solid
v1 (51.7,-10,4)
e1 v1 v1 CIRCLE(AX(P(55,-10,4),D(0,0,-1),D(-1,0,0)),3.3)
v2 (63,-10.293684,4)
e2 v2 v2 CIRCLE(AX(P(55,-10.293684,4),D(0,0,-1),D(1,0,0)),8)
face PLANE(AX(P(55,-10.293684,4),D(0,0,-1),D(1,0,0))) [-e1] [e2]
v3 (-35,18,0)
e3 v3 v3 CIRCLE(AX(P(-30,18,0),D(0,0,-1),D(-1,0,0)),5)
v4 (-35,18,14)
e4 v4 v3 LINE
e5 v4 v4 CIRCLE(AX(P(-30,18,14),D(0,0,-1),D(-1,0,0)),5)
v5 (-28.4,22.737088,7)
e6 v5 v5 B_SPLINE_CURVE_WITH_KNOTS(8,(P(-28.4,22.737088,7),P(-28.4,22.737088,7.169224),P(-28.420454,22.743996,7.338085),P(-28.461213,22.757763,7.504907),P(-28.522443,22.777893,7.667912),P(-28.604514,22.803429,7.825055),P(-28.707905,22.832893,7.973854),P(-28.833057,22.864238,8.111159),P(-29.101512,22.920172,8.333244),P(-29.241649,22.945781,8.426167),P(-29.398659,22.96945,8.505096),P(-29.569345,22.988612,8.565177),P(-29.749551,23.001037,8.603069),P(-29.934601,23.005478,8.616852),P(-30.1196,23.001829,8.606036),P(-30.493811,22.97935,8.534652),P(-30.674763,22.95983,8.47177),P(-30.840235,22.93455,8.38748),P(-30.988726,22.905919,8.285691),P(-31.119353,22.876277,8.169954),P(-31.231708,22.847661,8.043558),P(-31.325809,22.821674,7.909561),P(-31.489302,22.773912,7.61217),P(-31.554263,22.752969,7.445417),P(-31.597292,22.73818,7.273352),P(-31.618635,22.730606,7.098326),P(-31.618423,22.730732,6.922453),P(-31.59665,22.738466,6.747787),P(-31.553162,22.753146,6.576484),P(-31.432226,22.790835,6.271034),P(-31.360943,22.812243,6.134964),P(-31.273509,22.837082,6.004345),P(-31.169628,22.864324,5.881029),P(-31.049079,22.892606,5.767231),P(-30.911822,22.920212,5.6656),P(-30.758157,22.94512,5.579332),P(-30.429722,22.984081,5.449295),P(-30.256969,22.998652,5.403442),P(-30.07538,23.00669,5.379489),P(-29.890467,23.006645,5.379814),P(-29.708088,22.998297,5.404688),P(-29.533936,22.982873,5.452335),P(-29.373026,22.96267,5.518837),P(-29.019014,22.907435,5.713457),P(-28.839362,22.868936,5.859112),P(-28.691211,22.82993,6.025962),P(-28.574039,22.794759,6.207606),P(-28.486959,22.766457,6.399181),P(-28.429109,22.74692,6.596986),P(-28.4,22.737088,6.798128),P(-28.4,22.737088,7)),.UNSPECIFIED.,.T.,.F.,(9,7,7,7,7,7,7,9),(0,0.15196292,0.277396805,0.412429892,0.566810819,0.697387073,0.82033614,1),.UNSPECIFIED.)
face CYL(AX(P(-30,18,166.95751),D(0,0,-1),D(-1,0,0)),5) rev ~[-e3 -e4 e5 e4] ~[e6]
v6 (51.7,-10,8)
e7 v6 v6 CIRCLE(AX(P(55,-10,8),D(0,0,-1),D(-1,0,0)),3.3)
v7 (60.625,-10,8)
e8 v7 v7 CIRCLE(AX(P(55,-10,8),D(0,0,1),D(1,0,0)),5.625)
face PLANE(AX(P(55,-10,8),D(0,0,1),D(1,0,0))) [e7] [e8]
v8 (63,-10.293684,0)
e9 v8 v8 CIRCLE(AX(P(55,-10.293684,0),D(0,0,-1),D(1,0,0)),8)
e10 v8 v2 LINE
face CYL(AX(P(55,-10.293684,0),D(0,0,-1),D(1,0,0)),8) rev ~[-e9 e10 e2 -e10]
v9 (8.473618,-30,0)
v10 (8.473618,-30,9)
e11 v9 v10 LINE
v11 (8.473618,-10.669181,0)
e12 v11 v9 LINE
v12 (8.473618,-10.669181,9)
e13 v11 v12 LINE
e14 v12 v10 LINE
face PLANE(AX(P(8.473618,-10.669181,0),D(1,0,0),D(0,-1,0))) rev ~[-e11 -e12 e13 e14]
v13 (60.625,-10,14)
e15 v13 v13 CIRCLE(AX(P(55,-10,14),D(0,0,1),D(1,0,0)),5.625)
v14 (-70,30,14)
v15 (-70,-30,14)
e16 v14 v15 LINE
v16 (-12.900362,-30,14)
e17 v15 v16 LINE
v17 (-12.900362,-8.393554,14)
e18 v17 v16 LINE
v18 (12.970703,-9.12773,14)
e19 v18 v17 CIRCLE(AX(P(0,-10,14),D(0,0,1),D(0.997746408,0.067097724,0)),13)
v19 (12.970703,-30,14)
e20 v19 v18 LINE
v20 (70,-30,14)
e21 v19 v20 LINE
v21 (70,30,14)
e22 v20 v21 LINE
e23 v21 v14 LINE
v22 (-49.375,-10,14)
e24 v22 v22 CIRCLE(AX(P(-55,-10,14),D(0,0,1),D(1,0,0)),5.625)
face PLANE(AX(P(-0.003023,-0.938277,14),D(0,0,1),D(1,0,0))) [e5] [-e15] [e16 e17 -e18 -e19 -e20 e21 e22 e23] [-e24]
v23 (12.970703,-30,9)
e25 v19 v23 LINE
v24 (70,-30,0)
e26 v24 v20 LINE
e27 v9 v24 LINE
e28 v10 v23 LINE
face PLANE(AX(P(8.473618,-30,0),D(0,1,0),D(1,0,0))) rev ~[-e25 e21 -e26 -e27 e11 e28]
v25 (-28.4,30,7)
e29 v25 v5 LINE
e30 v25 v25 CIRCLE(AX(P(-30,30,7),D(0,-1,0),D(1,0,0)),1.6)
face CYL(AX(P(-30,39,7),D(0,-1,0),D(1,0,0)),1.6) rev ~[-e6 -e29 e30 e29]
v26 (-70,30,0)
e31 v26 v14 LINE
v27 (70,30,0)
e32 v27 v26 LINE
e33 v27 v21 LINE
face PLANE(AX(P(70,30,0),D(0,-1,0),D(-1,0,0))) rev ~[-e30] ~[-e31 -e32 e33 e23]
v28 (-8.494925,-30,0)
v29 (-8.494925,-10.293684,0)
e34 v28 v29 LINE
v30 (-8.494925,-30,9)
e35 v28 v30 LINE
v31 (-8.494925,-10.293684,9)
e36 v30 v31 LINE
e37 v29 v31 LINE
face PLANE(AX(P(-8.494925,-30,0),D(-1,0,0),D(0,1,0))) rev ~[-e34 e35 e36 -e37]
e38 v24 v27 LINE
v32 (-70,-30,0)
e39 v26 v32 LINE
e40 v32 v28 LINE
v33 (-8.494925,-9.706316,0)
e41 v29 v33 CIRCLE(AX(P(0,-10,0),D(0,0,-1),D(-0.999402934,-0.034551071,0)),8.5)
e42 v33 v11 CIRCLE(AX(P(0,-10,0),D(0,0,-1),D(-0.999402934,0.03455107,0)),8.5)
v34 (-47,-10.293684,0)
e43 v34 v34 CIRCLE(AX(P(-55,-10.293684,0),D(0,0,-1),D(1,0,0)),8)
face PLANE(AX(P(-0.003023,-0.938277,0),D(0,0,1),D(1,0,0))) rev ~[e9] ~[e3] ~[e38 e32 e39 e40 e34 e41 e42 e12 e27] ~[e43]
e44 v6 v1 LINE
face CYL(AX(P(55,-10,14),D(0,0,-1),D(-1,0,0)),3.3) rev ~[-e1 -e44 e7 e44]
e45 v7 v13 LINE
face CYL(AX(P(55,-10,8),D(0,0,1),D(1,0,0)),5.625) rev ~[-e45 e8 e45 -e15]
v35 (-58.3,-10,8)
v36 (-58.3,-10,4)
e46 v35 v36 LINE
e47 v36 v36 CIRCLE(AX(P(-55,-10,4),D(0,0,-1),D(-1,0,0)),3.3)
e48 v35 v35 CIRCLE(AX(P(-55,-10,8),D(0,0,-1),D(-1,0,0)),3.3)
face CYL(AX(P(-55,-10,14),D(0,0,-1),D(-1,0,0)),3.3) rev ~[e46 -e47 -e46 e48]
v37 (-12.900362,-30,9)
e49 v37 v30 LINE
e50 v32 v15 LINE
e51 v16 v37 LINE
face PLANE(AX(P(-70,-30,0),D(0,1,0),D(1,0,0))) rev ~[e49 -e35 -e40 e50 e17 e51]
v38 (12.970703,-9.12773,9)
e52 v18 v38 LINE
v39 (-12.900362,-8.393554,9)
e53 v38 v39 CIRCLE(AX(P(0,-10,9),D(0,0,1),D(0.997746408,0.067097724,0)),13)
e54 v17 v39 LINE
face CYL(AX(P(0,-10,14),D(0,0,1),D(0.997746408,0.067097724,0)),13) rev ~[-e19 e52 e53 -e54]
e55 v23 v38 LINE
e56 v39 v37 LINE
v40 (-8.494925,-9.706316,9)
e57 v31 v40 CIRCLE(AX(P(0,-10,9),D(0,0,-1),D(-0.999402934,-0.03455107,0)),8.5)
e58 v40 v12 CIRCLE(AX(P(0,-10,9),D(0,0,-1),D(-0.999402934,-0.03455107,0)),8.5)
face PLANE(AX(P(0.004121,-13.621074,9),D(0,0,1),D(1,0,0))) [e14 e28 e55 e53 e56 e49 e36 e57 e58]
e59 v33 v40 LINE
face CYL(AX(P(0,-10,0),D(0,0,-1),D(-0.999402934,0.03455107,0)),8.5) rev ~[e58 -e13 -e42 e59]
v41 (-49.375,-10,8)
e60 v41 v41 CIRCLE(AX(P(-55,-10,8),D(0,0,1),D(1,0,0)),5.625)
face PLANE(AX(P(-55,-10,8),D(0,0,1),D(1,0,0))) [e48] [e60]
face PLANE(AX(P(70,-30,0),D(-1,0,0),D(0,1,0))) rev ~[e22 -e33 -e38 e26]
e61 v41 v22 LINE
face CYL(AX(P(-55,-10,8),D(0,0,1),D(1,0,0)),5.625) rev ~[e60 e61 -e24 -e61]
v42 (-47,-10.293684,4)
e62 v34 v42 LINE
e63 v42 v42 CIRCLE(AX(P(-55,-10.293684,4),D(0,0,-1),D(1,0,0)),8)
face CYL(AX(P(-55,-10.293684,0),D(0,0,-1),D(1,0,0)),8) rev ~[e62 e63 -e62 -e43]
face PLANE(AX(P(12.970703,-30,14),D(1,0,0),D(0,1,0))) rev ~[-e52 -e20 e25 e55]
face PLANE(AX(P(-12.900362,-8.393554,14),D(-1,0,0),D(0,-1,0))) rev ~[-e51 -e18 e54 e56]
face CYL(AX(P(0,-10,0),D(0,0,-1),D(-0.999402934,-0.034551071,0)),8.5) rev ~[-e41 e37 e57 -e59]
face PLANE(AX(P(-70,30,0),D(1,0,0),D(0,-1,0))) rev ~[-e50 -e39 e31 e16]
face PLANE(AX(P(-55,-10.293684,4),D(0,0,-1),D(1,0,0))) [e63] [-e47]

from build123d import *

# Parameters (mm, degrees)
F1_DEPTH       = 14
F3_DEPTH       = 5
F5_D           = 10
F6_R           = 8
F7_DEPTH       = 4
F9_D           = 6.6
F9_CBORE_D     = 11.25
F9_CBORE_DEPTH = 6
F11_D          = 3.2
F11_DEPTH      = 9
F11_TIP        = 0.9613769904


with BuildPart() as f1:
    # F0 (on Top) → F1 (new body)
    with BuildSketch(Plane.XY):
        with BuildLine():
            Line((8.4736176887, -30), (70, -30))
            Line((70, -30), (70, 30))
            Line((70, 30), (-70, 30))
            Line((-70, 30), (-70, -30))
            Line((-70, -30), (-8.4949249349, -30))
            Line((-8.4949249349, -30), (-8.4949249349, -10.2936840984))
            ThreePointArc((-8.4949249349, -10.2936840984), (-8.5, -10), (-8.4949249349, -9.7063159016))
            ThreePointArc((-8.4949249349, -9.7063159016), (0.4815504321, -1.5136515991), (8.4736176887, -10.6691810406))
            Line((8.4736176887, -10.6691810406), (8.4736176887, -30))
        make_face()
    extrude(amount=F1_DEPTH)

    # F2 (on face) → F3 (cut)
    with BuildSketch(Plane.XY.offset(14)):
        with BuildLine():
            Line((12.9707033085, -30), (12.9707033085, -10.8722704179))
            Line((12.9707033085, -10.8722704179), (12.9707033085, -9.1277295821))
            ThreePointArc((12.9707033085, -9.1277295821), (0.3687690423, 2.9947685394), (-12.900361613, -8.3935535324))
            Line((-12.900361613, -8.3935535324), (-12.900361613, -11.6064464676))
            Line((-12.900361613, -11.6064464676), (-12.900361613, -30))
            Line((-12.900361613, -30), (-8.4949249349, -30))
            Line((-8.4949249349, -30), (-8.4949249349, -10.2936840984))
            ThreePointArc((-8.4949249349, -10.2936840984), (0.1880504934, -1.5020804304), (8.4736176887, -10.6691810406))
            Line((8.4736176887, -10.6691810406), (8.4736176887, -30))
            Line((8.4736176887, -30), (12.9707033085, -30))
        make_face()
    extrude(amount=-F3_DEPTH, mode=Mode.SUBTRACT)

    # F5 (through all)
    with Locations(Plane.XY.offset(14)):
        with Locations((-30, 18)):
            Hole(F5_D / 2)

    # F6 (on face) → F7 (cut)
    with BuildSketch(Plane(origin=(0, 0, 0), x_dir=(1, 0, 0), z_dir=(0, 0, -1))):
        with Locations((-55, 10.2936840984)):
            Circle(F6_R)
        with Locations((55, 10.2936840984)):
            Circle(F6_R)
    extrude(amount=-F7_DEPTH, mode=Mode.SUBTRACT)

    # F9 (through all)
    with Locations(Plane.XY.offset(14)):
        with Locations((-55, -10), (55, -10)):
            CounterBoreHole(F9_D / 2, F9_CBORE_D / 2, F9_CBORE_DEPTH)

    # F11
    with Locations(Plane(origin=(0, 30, 0), x_dir=(-1, 0, 0), z_dir=(0, 1, 0))):
        with Locations((30, 7)):
            Hole(F11_D / 2, depth=F11_DEPTH)
            with Locations((0, 0, -(F11_DEPTH + F11_TIP / 2))):  # 118° drill point
                Cone(0, F11_D / 2, F11_TIP, mode=Mode.SUBTRACT)


solid = f1.part
